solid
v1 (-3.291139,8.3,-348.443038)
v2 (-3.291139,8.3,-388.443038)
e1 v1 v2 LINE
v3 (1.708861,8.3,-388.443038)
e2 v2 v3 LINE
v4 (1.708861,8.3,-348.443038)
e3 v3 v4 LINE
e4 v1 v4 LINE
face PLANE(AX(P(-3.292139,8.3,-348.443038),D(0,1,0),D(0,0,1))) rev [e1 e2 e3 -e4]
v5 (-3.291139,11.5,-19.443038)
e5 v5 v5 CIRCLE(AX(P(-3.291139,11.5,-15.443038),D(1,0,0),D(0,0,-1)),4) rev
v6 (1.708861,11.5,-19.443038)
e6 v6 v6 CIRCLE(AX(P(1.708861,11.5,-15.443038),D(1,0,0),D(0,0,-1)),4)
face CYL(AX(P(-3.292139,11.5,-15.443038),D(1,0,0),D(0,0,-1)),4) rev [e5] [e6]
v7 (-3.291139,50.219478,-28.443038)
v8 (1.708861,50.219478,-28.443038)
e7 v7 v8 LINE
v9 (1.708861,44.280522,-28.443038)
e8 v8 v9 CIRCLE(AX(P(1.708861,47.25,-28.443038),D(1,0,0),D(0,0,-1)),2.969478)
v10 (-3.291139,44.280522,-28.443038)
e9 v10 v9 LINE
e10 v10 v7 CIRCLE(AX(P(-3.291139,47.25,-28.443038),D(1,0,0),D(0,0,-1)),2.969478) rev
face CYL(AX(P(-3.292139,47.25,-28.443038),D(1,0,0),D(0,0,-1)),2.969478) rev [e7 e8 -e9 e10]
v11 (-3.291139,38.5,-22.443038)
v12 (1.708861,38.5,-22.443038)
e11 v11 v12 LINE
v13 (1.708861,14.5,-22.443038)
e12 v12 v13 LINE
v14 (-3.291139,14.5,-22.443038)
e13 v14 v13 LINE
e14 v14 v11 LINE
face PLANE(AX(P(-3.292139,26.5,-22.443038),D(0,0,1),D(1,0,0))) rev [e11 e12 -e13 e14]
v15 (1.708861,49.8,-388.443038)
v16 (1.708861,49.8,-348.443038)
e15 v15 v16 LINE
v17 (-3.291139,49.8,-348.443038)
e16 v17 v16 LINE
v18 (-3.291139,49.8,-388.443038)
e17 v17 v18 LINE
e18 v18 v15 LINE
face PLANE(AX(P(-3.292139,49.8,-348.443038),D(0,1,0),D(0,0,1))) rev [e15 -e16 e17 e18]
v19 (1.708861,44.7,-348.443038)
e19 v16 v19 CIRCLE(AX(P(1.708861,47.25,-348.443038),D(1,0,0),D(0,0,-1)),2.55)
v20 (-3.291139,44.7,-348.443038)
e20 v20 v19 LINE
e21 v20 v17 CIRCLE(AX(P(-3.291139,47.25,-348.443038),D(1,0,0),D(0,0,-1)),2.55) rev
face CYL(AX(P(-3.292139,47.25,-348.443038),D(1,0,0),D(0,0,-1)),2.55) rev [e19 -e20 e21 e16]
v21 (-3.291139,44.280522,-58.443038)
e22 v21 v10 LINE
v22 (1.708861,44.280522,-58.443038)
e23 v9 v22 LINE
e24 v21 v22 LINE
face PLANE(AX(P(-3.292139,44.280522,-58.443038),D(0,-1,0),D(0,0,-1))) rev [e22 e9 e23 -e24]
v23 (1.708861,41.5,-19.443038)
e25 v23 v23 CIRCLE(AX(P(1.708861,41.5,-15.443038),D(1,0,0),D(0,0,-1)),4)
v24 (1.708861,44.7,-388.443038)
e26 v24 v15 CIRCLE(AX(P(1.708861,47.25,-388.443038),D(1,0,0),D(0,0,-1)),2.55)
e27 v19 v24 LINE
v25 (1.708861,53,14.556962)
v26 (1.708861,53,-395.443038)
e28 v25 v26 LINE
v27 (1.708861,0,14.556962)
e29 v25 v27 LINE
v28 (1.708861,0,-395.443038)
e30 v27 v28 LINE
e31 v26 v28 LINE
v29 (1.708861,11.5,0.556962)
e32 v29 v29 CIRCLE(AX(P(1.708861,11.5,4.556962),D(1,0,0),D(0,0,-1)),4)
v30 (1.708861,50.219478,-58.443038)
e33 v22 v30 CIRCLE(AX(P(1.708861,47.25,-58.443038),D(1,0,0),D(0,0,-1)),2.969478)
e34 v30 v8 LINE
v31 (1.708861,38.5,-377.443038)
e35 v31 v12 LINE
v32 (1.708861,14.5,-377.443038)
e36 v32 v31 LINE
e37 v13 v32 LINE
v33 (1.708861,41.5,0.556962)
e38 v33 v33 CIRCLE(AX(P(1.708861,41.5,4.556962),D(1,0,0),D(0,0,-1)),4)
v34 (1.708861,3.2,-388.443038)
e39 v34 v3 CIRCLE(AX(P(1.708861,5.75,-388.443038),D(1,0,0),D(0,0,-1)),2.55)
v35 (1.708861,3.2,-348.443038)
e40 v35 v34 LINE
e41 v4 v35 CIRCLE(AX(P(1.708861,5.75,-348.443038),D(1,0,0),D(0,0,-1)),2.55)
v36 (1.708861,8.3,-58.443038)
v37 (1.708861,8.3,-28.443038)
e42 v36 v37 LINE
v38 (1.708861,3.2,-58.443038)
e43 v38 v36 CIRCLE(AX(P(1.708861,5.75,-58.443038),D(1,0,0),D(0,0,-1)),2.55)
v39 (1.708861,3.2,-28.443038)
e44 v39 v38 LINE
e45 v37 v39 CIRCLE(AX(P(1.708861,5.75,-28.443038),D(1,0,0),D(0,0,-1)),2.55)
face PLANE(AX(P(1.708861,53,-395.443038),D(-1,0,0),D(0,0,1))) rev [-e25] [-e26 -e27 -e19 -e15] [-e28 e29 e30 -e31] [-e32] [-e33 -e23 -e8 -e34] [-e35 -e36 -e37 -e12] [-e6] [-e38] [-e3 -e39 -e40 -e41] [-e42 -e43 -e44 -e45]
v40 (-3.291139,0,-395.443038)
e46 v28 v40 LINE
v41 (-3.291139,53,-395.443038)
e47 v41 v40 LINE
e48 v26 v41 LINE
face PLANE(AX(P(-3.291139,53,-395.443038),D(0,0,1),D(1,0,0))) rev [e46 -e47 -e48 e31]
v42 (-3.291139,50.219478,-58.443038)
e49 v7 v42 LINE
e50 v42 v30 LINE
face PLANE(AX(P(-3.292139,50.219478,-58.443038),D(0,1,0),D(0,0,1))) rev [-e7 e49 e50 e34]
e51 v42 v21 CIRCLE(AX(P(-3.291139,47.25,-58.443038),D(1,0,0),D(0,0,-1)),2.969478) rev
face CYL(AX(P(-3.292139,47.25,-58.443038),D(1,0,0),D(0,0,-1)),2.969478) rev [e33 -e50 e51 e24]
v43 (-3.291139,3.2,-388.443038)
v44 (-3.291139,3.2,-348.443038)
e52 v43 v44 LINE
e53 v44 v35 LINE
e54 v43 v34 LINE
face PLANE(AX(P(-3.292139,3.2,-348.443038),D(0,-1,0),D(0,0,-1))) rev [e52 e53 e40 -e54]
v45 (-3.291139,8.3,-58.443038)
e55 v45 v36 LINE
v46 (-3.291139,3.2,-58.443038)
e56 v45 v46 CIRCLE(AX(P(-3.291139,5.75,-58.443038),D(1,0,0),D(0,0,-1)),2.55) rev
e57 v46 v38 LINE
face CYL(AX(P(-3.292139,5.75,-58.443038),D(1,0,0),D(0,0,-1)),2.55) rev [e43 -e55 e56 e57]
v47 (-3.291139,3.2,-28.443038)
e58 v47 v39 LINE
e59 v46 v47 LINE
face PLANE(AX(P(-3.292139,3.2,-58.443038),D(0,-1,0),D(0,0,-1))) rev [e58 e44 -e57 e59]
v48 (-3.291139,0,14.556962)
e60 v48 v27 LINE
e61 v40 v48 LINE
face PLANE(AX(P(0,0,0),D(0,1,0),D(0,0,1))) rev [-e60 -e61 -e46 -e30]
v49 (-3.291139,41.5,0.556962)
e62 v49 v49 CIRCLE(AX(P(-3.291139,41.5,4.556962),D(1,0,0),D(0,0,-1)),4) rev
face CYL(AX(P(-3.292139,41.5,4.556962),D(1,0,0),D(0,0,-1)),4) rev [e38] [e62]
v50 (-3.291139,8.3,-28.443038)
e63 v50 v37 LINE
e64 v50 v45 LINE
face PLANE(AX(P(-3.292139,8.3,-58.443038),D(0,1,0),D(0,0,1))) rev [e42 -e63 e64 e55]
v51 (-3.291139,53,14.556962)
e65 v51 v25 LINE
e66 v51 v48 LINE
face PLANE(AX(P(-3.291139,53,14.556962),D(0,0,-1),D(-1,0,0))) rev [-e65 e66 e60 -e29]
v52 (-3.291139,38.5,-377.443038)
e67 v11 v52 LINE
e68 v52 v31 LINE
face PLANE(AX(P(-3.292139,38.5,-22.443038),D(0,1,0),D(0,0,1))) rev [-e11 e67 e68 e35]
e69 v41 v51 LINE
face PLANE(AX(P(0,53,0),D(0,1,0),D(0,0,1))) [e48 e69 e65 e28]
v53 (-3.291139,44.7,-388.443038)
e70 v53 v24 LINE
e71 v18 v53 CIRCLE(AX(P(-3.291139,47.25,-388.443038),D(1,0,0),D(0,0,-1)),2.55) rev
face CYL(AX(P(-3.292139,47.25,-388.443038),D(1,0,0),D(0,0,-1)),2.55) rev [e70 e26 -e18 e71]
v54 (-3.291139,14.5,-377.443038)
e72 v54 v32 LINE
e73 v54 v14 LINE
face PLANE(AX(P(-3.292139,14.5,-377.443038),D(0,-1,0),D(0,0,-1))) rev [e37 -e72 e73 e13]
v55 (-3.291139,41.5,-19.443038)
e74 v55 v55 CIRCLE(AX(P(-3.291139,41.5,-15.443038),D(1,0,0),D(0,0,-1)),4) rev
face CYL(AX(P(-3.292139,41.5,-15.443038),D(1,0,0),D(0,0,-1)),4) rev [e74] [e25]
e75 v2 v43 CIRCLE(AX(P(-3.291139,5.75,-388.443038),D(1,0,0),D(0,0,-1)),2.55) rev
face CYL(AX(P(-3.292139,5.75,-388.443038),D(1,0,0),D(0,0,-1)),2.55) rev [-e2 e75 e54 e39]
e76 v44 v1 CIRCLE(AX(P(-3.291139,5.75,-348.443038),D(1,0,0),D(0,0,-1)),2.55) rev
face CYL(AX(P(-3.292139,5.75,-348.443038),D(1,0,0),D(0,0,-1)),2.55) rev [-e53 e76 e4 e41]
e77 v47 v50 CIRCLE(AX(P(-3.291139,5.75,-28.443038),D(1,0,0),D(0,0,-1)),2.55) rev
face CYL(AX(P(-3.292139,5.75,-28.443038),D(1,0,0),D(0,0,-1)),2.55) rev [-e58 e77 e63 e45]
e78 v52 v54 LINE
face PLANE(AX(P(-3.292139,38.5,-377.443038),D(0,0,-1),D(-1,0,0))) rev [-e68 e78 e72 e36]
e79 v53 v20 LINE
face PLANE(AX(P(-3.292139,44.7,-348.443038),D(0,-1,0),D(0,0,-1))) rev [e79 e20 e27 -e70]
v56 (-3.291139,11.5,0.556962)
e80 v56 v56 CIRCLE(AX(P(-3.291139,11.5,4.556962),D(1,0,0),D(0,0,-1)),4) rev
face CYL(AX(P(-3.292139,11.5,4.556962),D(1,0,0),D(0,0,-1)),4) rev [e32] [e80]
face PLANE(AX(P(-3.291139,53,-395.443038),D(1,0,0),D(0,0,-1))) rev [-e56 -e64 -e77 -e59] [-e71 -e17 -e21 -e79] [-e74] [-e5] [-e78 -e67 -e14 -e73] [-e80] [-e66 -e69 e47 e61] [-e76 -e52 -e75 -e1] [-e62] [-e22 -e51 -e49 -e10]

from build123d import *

# Parameters (mm, degrees)
SKETCH_1_W          = 5
SKETCH_1_H          = 410
EXTRUDE_1_DEPTH     = 53
CUT_EXTRUDE_1_REACH = 401.01
CUT_EXTRUDE_2_REACH = 401.01
CUT_EXTRUDE_3_REACH = 401.01
SKETCH_4_R          = 4


with BuildPart() as part:
    # 草图1 → 凸台-拉伸1 (new body)
    with BuildSketch(Plane(origin=(0, 0, 0), x_dir=(1, 0, 0), z_dir=(0, 1, 0))):
        with Locations((-0.791139241, 190.443037975)):
            Rectangle(SKETCH_1_W, SKETCH_1_H)
    extrude(amount=EXTRUDE_1_DEPTH)

    # 草图2 → 切除-拉伸1 (cut, up to next)
    with BuildSketch(Plane(origin=(1.708860759, 0, 0), x_dir=(0, 0, -1), z_dir=(1, 0, 0)), mode=Mode.PRIVATE) as cut_extrude_1_sk1:
        with BuildLine():
            Line((58.443037975, 44.280521885), (28.443037975, 44.280521885))
            ThreePointArc((28.443037975, 44.280521885), (25.47355986, 47.25), (28.443037975, 50.219478115))
            Line((28.443037975, 50.219478115), (58.443037975, 50.219478115))
            ThreePointArc((58.443037975, 50.219478115), (61.41251609, 47.25), (58.443037975, 44.280521885))
        make_face()
    cut_extrude_1_tool1 = extrude(cut_extrude_1_sk1.sketch, amount=-CUT_EXTRUDE_1_REACH, mode=Mode.PRIVATE) & part.part
    # 草图2 → 切除-拉伸1 (cut, up to next)
    with BuildSketch(Plane(origin=(1.708860759, 0, 0), x_dir=(0, 0, -1), z_dir=(1, 0, 0)), mode=Mode.PRIVATE) as cut_extrude_1_sk2:
        with BuildLine():
            Line((58.443037975, 3.2), (28.443037975, 3.2))
            ThreePointArc((28.443037975, 3.2), (25.893037975, 5.75), (28.443037975, 8.3))
            Line((28.443037975, 8.3), (58.443037975, 8.3))
            ThreePointArc((58.443037975, 8.3), (60.993037975, 5.75), (58.443037975, 3.2))
        make_face()
    cut_extrude_1_tool2 = extrude(cut_extrude_1_sk2.sketch, amount=-CUT_EXTRUDE_1_REACH, mode=Mode.PRIVATE) & part.part
    # 草图2 → 切除-拉伸1 (cut, up to next)
    with BuildSketch(Plane(origin=(1.708860759, 0, 0), x_dir=(0, 0, -1), z_dir=(1, 0, 0)), mode=Mode.PRIVATE) as cut_extrude_1_sk3:
        with BuildLine():
            Line((348.443037975, 49.8), (388.443037975, 49.8))
            ThreePointArc((388.443037975, 49.8), (390.993037975, 47.25), (388.443037975, 44.7))
            Line((388.443037975, 44.7), (348.443037975, 44.7))
            ThreePointArc((348.443037975, 44.7), (345.893037975, 47.25), (348.443037975, 49.8))
        make_face()
    cut_extrude_1_tool3 = extrude(cut_extrude_1_sk3.sketch, amount=-CUT_EXTRUDE_1_REACH, mode=Mode.PRIVATE) & part.part
    # 草图2 → 切除-拉伸1 (cut, up to next)
    with BuildSketch(Plane(origin=(1.708860759, 0, 0), x_dir=(0, 0, -1), z_dir=(1, 0, 0)), mode=Mode.PRIVATE) as cut_extrude_1_sk4:
        with BuildLine():
            Line((348.443037975, 8.3), (388.443037975, 8.3))
            ThreePointArc((388.443037975, 8.3), (390.993037975, 5.75), (388.443037975, 3.2))
            Line((388.443037975, 3.2), (348.443037975, 3.2))
            ThreePointArc((348.443037975, 3.2), (345.893037975, 5.75), (348.443037975, 8.3))
        make_face()
    cut_extrude_1_tool4 = extrude(cut_extrude_1_sk4.sketch, amount=-CUT_EXTRUDE_1_REACH, mode=Mode.PRIVATE) & part.part
    add(cut_extrude_1_tool1.solids().sort_by_distance((1.708861, 47.25, -43.443038))[0], mode=Mode.SUBTRACT)
    add(cut_extrude_1_tool2.solids().sort_by_distance((1.708861, 5.75, -43.443038))[0], mode=Mode.SUBTRACT)
    add(cut_extrude_1_tool3.solids().sort_by_distance((1.708861, 47.25, -368.443038))[0], mode=Mode.SUBTRACT)
    add(cut_extrude_1_tool4.solids().sort_by_distance((1.708861, 5.75, -368.443038))[0], mode=Mode.SUBTRACT)

    # 草图3 → 切除-拉伸2 (cut, up to next)
    with BuildSketch(Plane(origin=(1.708860759, 0, 0), x_dir=(0, 0, -1), z_dir=(1, 0, 0)), mode=Mode.PRIVATE) as cut_extrude_2_sk1:
        Polygon((22.443037975, 26.5), (22.443037975, 38.5), (377.443037975, 38.5), (377.443037975, 14.5), (22.443037975, 14.5), align=None)
    cut_extrude_2_tool1 = extrude(cut_extrude_2_sk1.sketch, amount=-CUT_EXTRUDE_2_REACH, mode=Mode.PRIVATE) & part.part
    add(cut_extrude_2_tool1.solids().sort_by_distance((1.708861, 26.5, -199.943038))[0], mode=Mode.SUBTRACT)

    # 草图4 → 切除-拉伸3 (cut, up to next)
    with BuildSketch(Plane(origin=(1.708860759, 0, 0), x_dir=(0, 0, -1), z_dir=(1, 0, 0)), mode=Mode.PRIVATE) as cut_extrude_3_sk1:
        with Locations((-4.556962025, 41.5)):
            Circle(SKETCH_4_R)
    cut_extrude_3_tool1 = extrude(cut_extrude_3_sk1.sketch, amount=-CUT_EXTRUDE_3_REACH, mode=Mode.PRIVATE) & part.part
    # 草图4 → 切除-拉伸3 (cut, up to next)
    with BuildSketch(Plane(origin=(1.708860759, 0, 0), x_dir=(0, 0, -1), z_dir=(1, 0, 0)), mode=Mode.PRIVATE) as cut_extrude_3_sk2:
        with Locations((15.443037975, 41.5)):
            Circle(SKETCH_4_R)
    cut_extrude_3_tool2 = extrude(cut_extrude_3_sk2.sketch, amount=-CUT_EXTRUDE_3_REACH, mode=Mode.PRIVATE) & part.part
    # 草图4 → 切除-拉伸3 (cut, up to next)
    with BuildSketch(Plane(origin=(1.708860759, 0, 0), x_dir=(0, 0, -1), z_dir=(1, 0, 0)), mode=Mode.PRIVATE) as cut_extrude_3_sk3:
        with Locations((15.443037975, 11.5)):
            Circle(SKETCH_4_R)
    cut_extrude_3_tool3 = extrude(cut_extrude_3_sk3.sketch, amount=-CUT_EXTRUDE_3_REACH, mode=Mode.PRIVATE) & part.part
    # 草图4 → 切除-拉伸3 (cut, up to next)
    with BuildSketch(Plane(origin=(1.708860759, 0, 0), x_dir=(0, 0, -1), z_dir=(1, 0, 0)), mode=Mode.PRIVATE) as cut_extrude_3_sk4:
        with Locations((-4.556962025, 11.5)):
            Circle(SKETCH_4_R)
    cut_extrude_3_tool4 = extrude(cut_extrude_3_sk4.sketch, amount=-CUT_EXTRUDE_3_REACH, mode=Mode.PRIVATE) & part.part
    add(cut_extrude_3_tool1.solids().sort_by_distance((1.708861, 41.5, 4.556962))[0], mode=Mode.SUBTRACT)
    add(cut_extrude_3_tool2.solids().sort_by_distance((1.708861, 41.5, -15.443038))[0], mode=Mode.SUBTRACT)
    add(cut_extrude_3_tool3.solids().sort_by_distance((1.708861, 11.5, -15.443038))[0], mode=Mode.SUBTRACT)
    add(cut_extrude_3_tool4.solids().sort_by_distance((1.708861, 11.5, 4.556962))[0], mode=Mode.SUBTRACT)


solid = part.part
